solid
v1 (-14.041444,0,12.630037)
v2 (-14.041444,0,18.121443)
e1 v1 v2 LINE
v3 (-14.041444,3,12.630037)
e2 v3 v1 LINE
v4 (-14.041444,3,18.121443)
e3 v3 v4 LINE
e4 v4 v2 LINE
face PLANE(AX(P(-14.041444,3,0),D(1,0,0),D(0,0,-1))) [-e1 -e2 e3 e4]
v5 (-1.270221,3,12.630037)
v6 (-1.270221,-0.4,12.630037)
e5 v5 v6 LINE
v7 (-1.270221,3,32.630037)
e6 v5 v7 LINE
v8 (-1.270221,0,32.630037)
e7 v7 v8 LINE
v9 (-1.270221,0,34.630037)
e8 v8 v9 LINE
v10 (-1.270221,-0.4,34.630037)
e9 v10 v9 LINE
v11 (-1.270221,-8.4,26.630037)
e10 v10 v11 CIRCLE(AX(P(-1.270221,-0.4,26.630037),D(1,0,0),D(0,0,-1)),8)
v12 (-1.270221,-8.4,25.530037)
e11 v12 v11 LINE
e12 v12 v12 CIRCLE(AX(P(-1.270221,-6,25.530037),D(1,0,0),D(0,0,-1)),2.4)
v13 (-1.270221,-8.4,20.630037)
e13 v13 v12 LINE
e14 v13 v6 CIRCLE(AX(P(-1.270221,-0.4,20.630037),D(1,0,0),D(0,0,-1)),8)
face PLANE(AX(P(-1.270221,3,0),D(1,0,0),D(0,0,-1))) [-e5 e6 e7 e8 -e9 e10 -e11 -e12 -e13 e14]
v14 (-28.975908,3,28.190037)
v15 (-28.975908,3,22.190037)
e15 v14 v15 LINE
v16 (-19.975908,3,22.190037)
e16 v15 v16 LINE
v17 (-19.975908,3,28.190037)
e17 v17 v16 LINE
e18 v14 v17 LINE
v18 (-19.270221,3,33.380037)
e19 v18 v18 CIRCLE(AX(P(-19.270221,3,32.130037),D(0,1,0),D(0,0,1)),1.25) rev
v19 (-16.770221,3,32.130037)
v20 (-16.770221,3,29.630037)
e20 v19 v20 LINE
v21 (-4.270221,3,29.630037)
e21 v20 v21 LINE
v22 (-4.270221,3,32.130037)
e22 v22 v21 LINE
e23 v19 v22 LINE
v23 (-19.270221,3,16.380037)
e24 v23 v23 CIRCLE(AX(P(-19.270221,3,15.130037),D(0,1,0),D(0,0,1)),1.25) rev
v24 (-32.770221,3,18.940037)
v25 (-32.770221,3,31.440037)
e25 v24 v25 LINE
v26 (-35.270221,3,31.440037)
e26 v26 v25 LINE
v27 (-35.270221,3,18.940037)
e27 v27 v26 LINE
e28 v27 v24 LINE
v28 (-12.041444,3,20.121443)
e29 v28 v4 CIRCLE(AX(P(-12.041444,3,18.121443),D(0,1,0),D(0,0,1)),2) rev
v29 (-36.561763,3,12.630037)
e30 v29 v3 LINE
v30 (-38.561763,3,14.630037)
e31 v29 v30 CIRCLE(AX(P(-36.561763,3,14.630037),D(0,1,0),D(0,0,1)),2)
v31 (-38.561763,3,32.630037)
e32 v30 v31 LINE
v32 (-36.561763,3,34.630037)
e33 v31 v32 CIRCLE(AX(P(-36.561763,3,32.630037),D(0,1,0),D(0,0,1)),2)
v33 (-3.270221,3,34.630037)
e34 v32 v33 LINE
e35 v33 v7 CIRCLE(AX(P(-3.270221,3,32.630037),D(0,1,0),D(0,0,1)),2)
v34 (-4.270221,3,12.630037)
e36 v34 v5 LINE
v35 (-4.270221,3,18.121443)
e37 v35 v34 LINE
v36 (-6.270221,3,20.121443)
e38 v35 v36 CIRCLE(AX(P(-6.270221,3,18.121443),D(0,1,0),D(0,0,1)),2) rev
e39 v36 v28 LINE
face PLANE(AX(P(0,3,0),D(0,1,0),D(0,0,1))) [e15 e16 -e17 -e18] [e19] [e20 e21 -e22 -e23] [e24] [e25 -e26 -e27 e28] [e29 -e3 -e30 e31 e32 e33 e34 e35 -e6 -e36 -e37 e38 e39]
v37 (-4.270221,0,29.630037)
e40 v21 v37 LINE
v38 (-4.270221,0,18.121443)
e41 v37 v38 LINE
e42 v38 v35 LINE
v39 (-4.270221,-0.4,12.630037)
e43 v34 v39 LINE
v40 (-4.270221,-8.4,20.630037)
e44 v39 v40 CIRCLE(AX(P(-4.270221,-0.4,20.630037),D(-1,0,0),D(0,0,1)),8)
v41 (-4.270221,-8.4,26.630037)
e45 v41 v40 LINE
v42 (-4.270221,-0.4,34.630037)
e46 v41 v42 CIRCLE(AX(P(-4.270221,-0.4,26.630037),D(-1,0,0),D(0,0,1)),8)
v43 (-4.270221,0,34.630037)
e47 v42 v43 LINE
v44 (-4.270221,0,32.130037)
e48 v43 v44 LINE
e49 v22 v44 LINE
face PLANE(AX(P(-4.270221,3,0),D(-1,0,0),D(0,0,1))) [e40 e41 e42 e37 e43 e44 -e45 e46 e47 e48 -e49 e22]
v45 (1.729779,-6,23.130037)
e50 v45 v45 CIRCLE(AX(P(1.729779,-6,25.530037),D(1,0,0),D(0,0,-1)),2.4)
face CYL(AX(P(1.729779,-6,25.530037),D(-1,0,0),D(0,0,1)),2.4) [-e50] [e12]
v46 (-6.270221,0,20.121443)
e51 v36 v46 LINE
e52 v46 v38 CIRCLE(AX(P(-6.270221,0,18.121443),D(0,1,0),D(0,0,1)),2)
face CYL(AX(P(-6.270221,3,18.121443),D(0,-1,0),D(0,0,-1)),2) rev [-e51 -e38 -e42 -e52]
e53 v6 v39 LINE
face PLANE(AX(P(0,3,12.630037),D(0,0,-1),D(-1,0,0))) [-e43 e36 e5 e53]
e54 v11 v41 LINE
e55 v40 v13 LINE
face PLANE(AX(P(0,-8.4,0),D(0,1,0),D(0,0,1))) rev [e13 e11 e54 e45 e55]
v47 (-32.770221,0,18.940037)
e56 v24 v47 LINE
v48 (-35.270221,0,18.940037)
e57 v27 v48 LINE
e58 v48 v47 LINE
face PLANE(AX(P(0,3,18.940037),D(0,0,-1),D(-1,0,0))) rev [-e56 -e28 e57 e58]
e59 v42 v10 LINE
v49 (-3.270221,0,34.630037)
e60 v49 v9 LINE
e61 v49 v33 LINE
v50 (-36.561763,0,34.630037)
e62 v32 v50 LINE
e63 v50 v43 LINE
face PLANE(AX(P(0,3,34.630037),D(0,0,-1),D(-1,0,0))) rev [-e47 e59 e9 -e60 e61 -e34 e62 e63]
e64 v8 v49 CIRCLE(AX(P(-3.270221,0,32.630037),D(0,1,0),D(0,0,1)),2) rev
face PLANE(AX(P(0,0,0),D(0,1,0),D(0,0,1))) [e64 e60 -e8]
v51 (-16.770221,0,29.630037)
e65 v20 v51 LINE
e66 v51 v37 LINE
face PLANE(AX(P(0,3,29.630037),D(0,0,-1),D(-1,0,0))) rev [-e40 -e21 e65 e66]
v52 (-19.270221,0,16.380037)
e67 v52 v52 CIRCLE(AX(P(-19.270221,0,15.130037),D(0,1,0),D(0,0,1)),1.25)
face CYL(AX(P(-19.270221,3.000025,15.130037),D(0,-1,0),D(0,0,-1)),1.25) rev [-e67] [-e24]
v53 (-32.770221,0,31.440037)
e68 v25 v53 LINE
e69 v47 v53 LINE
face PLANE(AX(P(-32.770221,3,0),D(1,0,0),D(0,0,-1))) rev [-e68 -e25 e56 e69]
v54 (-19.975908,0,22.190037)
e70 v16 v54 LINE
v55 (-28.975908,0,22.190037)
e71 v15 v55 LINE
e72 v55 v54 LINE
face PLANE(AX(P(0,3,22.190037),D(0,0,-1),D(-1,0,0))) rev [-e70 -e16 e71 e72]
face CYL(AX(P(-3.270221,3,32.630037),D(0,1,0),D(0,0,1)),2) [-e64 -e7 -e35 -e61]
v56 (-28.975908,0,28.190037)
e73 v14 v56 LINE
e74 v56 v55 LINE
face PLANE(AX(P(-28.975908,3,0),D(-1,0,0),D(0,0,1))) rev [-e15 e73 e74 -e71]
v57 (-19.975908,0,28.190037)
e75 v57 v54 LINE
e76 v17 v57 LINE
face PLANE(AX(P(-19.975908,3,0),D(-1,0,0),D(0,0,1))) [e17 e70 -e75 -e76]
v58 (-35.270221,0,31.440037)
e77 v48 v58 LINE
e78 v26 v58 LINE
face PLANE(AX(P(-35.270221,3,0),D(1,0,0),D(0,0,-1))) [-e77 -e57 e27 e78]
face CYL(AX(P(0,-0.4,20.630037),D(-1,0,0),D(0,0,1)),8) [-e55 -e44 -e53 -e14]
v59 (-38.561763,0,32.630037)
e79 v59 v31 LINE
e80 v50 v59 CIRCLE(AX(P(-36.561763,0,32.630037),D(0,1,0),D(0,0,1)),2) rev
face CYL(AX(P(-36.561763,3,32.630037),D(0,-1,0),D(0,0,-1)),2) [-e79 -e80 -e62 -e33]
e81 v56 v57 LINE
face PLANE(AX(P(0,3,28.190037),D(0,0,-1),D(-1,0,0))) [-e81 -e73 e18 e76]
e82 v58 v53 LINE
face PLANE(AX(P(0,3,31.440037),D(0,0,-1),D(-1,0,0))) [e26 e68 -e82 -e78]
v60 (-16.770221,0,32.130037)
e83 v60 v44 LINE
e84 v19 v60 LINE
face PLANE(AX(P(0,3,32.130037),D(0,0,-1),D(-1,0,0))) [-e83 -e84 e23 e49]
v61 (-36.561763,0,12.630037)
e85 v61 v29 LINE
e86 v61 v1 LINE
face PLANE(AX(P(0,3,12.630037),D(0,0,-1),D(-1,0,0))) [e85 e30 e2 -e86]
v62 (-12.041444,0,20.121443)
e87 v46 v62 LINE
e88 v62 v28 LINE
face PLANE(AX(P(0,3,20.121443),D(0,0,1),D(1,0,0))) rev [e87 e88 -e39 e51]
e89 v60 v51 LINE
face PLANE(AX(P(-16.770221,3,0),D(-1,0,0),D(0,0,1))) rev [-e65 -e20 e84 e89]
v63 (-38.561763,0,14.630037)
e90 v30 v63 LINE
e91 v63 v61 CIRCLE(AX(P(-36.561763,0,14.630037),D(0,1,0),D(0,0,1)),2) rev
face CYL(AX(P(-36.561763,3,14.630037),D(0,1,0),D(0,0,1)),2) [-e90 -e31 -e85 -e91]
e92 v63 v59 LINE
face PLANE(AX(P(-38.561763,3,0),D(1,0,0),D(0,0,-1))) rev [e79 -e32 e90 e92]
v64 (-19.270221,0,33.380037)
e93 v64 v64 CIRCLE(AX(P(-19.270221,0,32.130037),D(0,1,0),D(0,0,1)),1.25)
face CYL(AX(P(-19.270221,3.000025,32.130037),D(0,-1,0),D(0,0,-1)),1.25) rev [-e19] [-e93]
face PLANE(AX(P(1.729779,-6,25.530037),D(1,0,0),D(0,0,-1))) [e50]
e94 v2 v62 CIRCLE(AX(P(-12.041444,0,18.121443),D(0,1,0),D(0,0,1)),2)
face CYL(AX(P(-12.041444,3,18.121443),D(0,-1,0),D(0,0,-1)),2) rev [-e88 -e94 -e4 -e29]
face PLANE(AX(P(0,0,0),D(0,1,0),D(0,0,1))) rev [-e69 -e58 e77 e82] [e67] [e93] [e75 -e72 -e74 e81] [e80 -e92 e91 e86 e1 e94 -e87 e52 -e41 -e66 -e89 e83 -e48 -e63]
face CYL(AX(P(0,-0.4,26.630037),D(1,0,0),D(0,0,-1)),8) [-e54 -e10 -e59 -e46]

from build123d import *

# Parameters (mm, degrees)
SKETCH1_W           = 12.5
SKETCH1_H           = 2.5
SKETCH1_W_2         = 2.5
SKETCH1_H_2         = 12.5
SKETCH1_W_3         = 9
SKETCH1_H_3         = 6
BOSS_EXTRUDE1_DEPTH = 3
FILLET1_R           = 2
SKETCH1_4_W         = 3
SKETCH1_4_H         = 22
BOSS_EXTRUDE2_DEPTH = 8.4
SKETCH2_R           = 2.4
BOSS_EXTRUDE3_DEPTH = 3
FILLET2_R           = 8
SKETCH1_7_R         = 1.25
CUT_EXTRUDE2_DEPTH  = 53.505324486


with BuildPart() as part:
    # Sketch1 → Boss-Extrude1 (new body)
    with BuildSketch(Plane(origin=(0, 0, 0), x_dir=(1, 0, 0), z_dir=(0, 1, 0))):
        Polygon((-38.561763486, -34.630037485), (-1.270220731, -34.630037485), (-1.270220731, -12.630037485), (-4.270220731, -12.630037485), (-4.270220731, -20.12144272), (-14.041444449, -20.12144272), (-14.041444449, -12.630037485), (-38.561763486, -12.630037485), align=None)
        with Locations((-10.520220731, -30.880037485)):
            Rectangle(SKETCH1_W, SKETCH1_H, mode=Mode.SUBTRACT)
        with Locations((-34.020220731, -25.190037485)):
            Rectangle(SKETCH1_W_2, SKETCH1_H_2, mode=Mode.SUBTRACT)
        with Locations((-24.475907507, -25.190037485)):
            Rectangle(SKETCH1_W_3, SKETCH1_H_3, mode=Mode.SUBTRACT)
    extrude(amount=BOSS_EXTRUDE1_DEPTH)

    # Fillet1
    fillet1_edges = [part.edges().sort_by_distance(p)[0] for p in [
        (-38.561763486, 1.5, 12.630037485),
        (-38.561763486, 1.5, 34.630037485),
        (-1.270220731, 1.5, 34.630037485),
        (-14.041444449, 1.5, 20.12144272),
        (-4.270220731, 1.5, 20.12144272),
    ]]
    fillet(fillet1_edges, radius=FILLET1_R)

    # Sketch1<4> → Boss-Extrude2 (add)
    with BuildSketch(Plane(origin=(0, 0, 0), x_dir=(1, 0, 0), z_dir=(0, 1, 0))):
        with Locations((-2.770220731, -23.630037485)):
            Rectangle(SKETCH1_4_W, SKETCH1_4_H)
    extrude(amount=-BOSS_EXTRUDE2_DEPTH)

    # Sketch2 → Boss-Extrude3 (add)
    with BuildSketch(Plane(origin=(-1.270220731, 0, 0), x_dir=(0, 0, -1), z_dir=(1, 0, 0))):
        with Locations((-25.530037485, -6)):
            Circle(SKETCH2_R)
    extrude(amount=BOSS_EXTRUDE3_DEPTH)

    # Fillet2
    fillet2_edges = [part.edges().sort_by_distance(p)[0] for p in [
        (-2.770220731, -8.4, 12.630037485),
        (-2.770220731, -8.4, 34.630037485),
    ]]
    fillet(fillet2_edges, radius=FILLET2_R)

    # Sketch1<7> → Cut-Extrude2 (cut, through all)
    with BuildSketch(Plane(origin=(0, 0, 0), x_dir=(1, 0, 0), z_dir=(0, 1, 0))):
        with Locations((-19.270220731, -32.130037485)):
            Circle(SKETCH1_7_R)
        with Locations((-19.270220731, -15.130037485)):
            Circle(SKETCH1_7_R)
    extrude(amount=CUT_EXTRUDE2_DEPTH, mode=Mode.SUBTRACT)


solid = part.part
